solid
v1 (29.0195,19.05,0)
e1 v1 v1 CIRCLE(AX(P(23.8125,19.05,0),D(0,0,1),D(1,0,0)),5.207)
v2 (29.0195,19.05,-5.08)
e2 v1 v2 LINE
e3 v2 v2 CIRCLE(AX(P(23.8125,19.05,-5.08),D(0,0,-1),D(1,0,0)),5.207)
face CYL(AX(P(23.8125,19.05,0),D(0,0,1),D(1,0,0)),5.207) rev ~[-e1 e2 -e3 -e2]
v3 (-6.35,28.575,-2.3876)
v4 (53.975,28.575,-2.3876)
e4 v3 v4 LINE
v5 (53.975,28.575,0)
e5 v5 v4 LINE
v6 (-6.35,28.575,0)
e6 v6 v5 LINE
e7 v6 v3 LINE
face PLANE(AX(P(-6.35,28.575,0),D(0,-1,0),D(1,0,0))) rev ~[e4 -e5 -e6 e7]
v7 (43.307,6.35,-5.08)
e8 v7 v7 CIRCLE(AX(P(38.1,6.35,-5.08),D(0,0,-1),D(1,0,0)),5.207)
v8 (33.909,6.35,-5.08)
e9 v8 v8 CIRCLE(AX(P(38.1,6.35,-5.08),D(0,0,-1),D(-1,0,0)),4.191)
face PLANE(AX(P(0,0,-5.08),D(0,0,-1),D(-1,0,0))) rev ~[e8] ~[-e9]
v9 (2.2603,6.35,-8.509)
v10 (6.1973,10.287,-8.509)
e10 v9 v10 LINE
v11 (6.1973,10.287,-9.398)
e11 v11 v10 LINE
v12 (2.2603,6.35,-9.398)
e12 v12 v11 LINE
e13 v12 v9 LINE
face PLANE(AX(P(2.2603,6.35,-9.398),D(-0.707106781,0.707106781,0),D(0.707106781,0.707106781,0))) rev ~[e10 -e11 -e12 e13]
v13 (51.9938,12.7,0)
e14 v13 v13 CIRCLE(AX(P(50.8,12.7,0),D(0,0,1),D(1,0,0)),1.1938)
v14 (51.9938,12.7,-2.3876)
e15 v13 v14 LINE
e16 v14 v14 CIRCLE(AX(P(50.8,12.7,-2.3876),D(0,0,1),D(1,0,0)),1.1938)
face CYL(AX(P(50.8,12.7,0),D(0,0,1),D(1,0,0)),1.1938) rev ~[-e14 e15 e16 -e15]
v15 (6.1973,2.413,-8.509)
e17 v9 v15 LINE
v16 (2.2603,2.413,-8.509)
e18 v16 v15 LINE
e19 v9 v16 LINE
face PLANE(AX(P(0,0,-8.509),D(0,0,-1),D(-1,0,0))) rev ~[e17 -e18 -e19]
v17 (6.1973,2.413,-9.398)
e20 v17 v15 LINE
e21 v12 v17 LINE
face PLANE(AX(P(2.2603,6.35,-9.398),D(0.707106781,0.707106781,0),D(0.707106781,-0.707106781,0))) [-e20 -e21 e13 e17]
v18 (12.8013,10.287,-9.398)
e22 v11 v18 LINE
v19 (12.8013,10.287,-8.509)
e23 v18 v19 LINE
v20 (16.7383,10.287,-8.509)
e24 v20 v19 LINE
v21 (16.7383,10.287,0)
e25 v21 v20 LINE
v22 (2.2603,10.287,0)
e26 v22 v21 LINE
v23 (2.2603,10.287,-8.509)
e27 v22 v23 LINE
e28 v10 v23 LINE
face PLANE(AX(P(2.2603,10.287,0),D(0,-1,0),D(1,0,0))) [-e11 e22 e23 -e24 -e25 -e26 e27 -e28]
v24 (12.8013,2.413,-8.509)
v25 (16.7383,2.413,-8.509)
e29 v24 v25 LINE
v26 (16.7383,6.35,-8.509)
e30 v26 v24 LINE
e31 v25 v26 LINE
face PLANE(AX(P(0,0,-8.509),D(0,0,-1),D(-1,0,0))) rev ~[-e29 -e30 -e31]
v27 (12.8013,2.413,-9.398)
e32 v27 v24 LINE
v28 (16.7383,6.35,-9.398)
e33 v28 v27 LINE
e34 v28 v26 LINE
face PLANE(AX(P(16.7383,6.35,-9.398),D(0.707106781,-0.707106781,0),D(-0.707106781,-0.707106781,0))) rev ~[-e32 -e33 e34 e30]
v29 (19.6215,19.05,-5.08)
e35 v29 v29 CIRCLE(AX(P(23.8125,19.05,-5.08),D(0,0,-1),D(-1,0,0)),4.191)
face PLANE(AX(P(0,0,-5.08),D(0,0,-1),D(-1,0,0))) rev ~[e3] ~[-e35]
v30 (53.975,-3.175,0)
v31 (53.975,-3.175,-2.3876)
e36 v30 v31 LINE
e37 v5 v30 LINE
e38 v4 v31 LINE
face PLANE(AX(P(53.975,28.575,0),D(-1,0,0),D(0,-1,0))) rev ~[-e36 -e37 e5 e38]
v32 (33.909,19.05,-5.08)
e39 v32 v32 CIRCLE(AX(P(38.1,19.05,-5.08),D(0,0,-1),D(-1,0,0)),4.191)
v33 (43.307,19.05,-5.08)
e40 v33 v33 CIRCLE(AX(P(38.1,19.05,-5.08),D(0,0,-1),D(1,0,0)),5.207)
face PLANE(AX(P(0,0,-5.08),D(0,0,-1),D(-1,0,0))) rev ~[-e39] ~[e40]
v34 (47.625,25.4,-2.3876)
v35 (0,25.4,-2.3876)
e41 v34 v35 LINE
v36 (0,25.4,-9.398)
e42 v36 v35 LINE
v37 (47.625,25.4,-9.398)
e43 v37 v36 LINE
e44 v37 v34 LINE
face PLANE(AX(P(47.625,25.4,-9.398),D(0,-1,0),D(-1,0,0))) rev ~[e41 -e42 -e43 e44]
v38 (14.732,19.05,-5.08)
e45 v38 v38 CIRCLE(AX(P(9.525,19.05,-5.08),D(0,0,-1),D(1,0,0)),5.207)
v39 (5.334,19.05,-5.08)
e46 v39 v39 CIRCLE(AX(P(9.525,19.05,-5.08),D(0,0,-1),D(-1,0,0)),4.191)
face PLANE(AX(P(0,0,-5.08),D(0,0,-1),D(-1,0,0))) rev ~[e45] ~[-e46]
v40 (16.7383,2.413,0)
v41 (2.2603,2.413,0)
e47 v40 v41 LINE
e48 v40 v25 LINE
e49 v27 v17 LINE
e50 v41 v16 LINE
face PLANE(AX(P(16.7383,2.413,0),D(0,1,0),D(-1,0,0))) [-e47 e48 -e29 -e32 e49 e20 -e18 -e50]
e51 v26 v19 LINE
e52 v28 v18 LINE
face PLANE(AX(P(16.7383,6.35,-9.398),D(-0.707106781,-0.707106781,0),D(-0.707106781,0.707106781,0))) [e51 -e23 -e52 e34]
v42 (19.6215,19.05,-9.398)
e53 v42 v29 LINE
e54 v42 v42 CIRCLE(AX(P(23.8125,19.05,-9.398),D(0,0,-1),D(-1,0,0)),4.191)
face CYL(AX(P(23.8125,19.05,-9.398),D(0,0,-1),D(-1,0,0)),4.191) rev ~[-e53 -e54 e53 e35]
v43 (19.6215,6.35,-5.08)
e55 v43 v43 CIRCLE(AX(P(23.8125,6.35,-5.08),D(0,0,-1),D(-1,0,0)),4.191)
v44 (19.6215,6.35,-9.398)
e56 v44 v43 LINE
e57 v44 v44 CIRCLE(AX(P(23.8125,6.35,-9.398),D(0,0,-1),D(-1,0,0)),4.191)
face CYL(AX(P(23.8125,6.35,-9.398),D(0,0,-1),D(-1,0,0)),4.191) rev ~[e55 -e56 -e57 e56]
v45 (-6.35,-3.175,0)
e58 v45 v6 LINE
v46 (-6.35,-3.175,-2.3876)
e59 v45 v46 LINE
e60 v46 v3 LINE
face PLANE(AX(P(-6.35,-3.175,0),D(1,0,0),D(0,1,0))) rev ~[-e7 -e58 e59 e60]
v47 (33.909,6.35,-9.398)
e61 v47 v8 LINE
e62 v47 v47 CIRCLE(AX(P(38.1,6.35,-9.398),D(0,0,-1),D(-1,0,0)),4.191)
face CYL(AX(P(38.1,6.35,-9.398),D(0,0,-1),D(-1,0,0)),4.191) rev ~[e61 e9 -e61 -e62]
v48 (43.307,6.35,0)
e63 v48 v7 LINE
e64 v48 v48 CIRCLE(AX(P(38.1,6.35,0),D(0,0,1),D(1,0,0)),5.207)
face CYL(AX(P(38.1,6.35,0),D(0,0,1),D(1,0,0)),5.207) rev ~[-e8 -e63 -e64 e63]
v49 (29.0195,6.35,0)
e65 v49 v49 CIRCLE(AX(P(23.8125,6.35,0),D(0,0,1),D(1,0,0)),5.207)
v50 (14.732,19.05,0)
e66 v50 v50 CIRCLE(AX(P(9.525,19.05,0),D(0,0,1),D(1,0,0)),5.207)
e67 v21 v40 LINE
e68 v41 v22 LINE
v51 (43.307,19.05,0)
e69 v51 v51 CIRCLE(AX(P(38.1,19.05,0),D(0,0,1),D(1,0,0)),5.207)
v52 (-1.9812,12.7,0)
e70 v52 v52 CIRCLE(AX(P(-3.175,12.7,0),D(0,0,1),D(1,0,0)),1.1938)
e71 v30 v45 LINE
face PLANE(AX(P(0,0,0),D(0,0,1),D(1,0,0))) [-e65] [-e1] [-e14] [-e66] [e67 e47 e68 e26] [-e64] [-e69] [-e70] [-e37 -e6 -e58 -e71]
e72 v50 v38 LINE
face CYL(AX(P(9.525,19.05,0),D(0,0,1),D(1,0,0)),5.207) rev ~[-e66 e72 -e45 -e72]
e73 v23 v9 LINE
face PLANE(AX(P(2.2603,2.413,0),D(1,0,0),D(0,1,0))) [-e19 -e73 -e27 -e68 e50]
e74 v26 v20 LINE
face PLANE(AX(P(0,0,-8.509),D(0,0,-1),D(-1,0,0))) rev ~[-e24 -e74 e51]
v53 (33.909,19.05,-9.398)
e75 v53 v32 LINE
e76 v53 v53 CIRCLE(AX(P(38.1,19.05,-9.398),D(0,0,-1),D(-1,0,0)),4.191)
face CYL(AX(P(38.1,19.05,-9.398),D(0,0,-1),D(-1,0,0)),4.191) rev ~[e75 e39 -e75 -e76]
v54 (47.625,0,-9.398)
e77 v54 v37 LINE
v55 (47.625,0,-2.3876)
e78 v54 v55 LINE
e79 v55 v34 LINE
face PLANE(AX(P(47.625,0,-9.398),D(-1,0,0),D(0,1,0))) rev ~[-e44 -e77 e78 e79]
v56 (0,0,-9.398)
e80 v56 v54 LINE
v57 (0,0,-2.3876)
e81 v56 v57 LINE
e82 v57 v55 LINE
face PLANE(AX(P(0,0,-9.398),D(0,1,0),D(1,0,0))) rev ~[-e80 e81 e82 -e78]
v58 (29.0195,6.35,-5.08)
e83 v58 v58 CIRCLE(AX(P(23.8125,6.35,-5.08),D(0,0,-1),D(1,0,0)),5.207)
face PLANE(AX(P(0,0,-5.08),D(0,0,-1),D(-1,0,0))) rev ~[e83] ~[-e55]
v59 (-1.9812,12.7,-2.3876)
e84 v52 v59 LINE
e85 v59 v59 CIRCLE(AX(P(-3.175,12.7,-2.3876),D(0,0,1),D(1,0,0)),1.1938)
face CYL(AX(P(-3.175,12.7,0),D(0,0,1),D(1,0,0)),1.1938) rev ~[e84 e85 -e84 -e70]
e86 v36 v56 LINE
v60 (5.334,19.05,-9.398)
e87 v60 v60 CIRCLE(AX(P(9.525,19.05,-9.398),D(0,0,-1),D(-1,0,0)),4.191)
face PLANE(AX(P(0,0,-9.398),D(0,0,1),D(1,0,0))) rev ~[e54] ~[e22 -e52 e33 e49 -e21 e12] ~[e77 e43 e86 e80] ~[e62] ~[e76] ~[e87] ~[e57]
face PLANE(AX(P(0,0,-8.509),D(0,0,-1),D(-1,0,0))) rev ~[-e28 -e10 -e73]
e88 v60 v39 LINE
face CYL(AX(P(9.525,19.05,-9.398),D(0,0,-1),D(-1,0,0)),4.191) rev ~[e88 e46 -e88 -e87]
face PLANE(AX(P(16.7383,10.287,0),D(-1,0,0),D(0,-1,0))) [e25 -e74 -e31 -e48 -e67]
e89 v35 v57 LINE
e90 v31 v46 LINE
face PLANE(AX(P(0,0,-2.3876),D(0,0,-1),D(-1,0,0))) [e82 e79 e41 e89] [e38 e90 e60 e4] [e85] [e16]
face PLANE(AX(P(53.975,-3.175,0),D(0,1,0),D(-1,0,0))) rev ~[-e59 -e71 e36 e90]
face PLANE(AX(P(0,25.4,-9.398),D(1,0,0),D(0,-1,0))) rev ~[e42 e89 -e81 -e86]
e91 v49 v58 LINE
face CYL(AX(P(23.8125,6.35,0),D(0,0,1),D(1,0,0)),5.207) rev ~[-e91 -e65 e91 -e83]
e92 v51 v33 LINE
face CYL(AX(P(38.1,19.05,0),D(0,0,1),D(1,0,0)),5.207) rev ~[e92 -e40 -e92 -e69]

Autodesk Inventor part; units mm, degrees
ref_plane "YZ Plane" through (0, 0, 0) normal (1, 0, 0) x (0, 1, 0)
ref_plane "XZ Plane" through (0, 0, 0) normal (0, 1, 0) x (-1, 0, 0)
ref_plane "XY Plane" through (0, 0, 0) normal (0, 0, 1) x (1, 0, 0)
sketch "Sketch1" plane through (0, 0, 0) normal (0, 0, 1) x (1, 0, 0)
  line L0 (0, 0) -> (47.625, 0)
  line L1 (47.625, 0) -> (47.625, 25.4)
  line L2 (47.625, 25.4) -> (0, 25.4)
  line L3 (0, 25.4) -> (0, 0)
  circle A0 centre (38.1, 6.35) radius 5.207
  circle A1 centre (23.8125, 6.35) radius 5.207
  circle A2 centre (23.8125, 19.05) radius 5.207
  circle A3 centre (38.1, 19.05) radius 5.207
  circle A4 centre (9.525, 19.05) radius 5.207
  line L4 (2.2603, 10.287) -> (16.7383, 10.287)
  line L5 (16.7383, 10.287) -> (16.7383, 2.413)
  line L6 (16.7383, 2.413) -> (2.2603, 2.413)
  line L7 (2.2603, 2.413) -> (2.2603, 10.287)
  line L8 (-6.35, 28.575) -> (53.975, 28.575)
  line L9 (53.975, 28.575) -> (53.975, -3.175)
  line L10 (53.975, -3.175) -> (-6.35, -3.175)
  line L11 (-6.35, -3.175) -> (-6.35, 28.575)
  dimension "d0" = 47.625
  dimension "d1" = 25.4
  dimension "d2" = 10.414
  dimension "d3" = 10.414
  dimension "d4" = 10.414
  dimension "d5" = 10.414
  dimension "d6" = 10.414
  dimension "d9" = 14.478
  dimension "d10" = 7.874
  dimension "d27" = 60.325
  dimension "d28" = 31.75
extrude "Extrusion1" add sketch "Sketch1" against normal blind 9.398 contours L3 L2 L1 L0 | L8 L9 L10 L11
sketch "Sketch3" plane through (0, 0, -9.398) normal (0, 0, -1) x (-1, 0, 0)
  line L0 (6.35, 28.575) -> (-53.975, 28.575) projected
  line L1 (-53.975, 28.575) -> (-53.975, -3.175) projected
  line L2 (-53.975, -3.175) -> (6.35, -3.175) projected
  line L3 (6.35, -3.175) -> (6.35, 28.575) projected
  line L4 (-47.625, 25.4) -> (0, 25.4)
  line L5 (0, 25.4) -> (0, 0)
  line L6 (0, 0) -> (-47.625, 0)
  line L7 (-47.625, 0) -> (-47.625, 25.4)
extrude "Extrusion2" cut sketch "Sketch3" against normal blind 7.0104
sketch "Sketch4" plane through (0, 0, -9.398) normal (0, 0, -1) x (-1, 0, 0)
  circle A0 centre (-9.525, 19.05) radius 5.207 projected
  circle A1 centre (-38.1, 19.05) radius 5.207 projected
  circle A2 centre (-23.8125, 19.05) radius 5.207 projected
  circle A3 centre (-23.8125, 6.35) radius 5.207 projected
  circle A4 centre (-38.1, 6.35) radius 5.207 projected
  circle A5 centre (-38.1, 19.05) radius 4.191
  circle A6 centre (-23.8125, 19.05) radius 4.191
  circle A7 centre (-9.525, 19.05) radius 4.191
  circle A8 centre (-38.1, 6.35) radius 4.191
  circle A9 centre (-23.8125, 6.35) radius 4.191
  dimension "d17" = 8.382
extrude "Extrusion3" add sketch "Sketch4" against normal blind 4.318
sketch "Sketch5" plane through (0, 0, -9.398) normal (0, 0, -1) x (-1, 0, 0)
  line L0 (-2.2603, 10.287) -> (-2.2603, 2.413) projected
  line L1 (-2.2603, 2.413) -> (-16.7383, 2.413) projected
  line L2 (-16.7383, 2.413) -> (-16.7383, 10.287) projected
  line L3 (-16.7383, 10.287) -> (-2.2603, 10.287) projected
  line L4 (-16.7383, 6.35) -> (-12.8013, 10.287)
  line L5 (-16.7383, 6.35) -> (-11.1705, 6.35) construction
  line L6 (-16.7383, 6.35) -> (-12.8013, 2.413)
  line L7 (-2.2603, 6.35) -> (-6.1973, 10.287)
  line L8 (-2.2603, 6.35) -> (-6.1973, 2.413)
  dimension "d20" = 45
extrude "Extrusion4" add sketch "Sketch5" against normal blind 0.889 contours L0 L7 L3 | L0 L1 L8 | L4 L2 L3 | L1 L2 L6
sketch "Sketch6" plane through (0, 0, 0) normal (0, 0, 1) x (1, 0, 0)
  circle A0 centre (-3.175, 12.7) radius 1.1938
  circle A1 centre (50.8, 12.7) radius 1.1938
  point P0 (0, 0)
  dimension "d23" = 2.3876
  dimension "d24" = 2.3876
extrude "Extrusion5" cut sketch "Sketch6" against normal blind 2.3876
properties part number "5 led mount idea"
